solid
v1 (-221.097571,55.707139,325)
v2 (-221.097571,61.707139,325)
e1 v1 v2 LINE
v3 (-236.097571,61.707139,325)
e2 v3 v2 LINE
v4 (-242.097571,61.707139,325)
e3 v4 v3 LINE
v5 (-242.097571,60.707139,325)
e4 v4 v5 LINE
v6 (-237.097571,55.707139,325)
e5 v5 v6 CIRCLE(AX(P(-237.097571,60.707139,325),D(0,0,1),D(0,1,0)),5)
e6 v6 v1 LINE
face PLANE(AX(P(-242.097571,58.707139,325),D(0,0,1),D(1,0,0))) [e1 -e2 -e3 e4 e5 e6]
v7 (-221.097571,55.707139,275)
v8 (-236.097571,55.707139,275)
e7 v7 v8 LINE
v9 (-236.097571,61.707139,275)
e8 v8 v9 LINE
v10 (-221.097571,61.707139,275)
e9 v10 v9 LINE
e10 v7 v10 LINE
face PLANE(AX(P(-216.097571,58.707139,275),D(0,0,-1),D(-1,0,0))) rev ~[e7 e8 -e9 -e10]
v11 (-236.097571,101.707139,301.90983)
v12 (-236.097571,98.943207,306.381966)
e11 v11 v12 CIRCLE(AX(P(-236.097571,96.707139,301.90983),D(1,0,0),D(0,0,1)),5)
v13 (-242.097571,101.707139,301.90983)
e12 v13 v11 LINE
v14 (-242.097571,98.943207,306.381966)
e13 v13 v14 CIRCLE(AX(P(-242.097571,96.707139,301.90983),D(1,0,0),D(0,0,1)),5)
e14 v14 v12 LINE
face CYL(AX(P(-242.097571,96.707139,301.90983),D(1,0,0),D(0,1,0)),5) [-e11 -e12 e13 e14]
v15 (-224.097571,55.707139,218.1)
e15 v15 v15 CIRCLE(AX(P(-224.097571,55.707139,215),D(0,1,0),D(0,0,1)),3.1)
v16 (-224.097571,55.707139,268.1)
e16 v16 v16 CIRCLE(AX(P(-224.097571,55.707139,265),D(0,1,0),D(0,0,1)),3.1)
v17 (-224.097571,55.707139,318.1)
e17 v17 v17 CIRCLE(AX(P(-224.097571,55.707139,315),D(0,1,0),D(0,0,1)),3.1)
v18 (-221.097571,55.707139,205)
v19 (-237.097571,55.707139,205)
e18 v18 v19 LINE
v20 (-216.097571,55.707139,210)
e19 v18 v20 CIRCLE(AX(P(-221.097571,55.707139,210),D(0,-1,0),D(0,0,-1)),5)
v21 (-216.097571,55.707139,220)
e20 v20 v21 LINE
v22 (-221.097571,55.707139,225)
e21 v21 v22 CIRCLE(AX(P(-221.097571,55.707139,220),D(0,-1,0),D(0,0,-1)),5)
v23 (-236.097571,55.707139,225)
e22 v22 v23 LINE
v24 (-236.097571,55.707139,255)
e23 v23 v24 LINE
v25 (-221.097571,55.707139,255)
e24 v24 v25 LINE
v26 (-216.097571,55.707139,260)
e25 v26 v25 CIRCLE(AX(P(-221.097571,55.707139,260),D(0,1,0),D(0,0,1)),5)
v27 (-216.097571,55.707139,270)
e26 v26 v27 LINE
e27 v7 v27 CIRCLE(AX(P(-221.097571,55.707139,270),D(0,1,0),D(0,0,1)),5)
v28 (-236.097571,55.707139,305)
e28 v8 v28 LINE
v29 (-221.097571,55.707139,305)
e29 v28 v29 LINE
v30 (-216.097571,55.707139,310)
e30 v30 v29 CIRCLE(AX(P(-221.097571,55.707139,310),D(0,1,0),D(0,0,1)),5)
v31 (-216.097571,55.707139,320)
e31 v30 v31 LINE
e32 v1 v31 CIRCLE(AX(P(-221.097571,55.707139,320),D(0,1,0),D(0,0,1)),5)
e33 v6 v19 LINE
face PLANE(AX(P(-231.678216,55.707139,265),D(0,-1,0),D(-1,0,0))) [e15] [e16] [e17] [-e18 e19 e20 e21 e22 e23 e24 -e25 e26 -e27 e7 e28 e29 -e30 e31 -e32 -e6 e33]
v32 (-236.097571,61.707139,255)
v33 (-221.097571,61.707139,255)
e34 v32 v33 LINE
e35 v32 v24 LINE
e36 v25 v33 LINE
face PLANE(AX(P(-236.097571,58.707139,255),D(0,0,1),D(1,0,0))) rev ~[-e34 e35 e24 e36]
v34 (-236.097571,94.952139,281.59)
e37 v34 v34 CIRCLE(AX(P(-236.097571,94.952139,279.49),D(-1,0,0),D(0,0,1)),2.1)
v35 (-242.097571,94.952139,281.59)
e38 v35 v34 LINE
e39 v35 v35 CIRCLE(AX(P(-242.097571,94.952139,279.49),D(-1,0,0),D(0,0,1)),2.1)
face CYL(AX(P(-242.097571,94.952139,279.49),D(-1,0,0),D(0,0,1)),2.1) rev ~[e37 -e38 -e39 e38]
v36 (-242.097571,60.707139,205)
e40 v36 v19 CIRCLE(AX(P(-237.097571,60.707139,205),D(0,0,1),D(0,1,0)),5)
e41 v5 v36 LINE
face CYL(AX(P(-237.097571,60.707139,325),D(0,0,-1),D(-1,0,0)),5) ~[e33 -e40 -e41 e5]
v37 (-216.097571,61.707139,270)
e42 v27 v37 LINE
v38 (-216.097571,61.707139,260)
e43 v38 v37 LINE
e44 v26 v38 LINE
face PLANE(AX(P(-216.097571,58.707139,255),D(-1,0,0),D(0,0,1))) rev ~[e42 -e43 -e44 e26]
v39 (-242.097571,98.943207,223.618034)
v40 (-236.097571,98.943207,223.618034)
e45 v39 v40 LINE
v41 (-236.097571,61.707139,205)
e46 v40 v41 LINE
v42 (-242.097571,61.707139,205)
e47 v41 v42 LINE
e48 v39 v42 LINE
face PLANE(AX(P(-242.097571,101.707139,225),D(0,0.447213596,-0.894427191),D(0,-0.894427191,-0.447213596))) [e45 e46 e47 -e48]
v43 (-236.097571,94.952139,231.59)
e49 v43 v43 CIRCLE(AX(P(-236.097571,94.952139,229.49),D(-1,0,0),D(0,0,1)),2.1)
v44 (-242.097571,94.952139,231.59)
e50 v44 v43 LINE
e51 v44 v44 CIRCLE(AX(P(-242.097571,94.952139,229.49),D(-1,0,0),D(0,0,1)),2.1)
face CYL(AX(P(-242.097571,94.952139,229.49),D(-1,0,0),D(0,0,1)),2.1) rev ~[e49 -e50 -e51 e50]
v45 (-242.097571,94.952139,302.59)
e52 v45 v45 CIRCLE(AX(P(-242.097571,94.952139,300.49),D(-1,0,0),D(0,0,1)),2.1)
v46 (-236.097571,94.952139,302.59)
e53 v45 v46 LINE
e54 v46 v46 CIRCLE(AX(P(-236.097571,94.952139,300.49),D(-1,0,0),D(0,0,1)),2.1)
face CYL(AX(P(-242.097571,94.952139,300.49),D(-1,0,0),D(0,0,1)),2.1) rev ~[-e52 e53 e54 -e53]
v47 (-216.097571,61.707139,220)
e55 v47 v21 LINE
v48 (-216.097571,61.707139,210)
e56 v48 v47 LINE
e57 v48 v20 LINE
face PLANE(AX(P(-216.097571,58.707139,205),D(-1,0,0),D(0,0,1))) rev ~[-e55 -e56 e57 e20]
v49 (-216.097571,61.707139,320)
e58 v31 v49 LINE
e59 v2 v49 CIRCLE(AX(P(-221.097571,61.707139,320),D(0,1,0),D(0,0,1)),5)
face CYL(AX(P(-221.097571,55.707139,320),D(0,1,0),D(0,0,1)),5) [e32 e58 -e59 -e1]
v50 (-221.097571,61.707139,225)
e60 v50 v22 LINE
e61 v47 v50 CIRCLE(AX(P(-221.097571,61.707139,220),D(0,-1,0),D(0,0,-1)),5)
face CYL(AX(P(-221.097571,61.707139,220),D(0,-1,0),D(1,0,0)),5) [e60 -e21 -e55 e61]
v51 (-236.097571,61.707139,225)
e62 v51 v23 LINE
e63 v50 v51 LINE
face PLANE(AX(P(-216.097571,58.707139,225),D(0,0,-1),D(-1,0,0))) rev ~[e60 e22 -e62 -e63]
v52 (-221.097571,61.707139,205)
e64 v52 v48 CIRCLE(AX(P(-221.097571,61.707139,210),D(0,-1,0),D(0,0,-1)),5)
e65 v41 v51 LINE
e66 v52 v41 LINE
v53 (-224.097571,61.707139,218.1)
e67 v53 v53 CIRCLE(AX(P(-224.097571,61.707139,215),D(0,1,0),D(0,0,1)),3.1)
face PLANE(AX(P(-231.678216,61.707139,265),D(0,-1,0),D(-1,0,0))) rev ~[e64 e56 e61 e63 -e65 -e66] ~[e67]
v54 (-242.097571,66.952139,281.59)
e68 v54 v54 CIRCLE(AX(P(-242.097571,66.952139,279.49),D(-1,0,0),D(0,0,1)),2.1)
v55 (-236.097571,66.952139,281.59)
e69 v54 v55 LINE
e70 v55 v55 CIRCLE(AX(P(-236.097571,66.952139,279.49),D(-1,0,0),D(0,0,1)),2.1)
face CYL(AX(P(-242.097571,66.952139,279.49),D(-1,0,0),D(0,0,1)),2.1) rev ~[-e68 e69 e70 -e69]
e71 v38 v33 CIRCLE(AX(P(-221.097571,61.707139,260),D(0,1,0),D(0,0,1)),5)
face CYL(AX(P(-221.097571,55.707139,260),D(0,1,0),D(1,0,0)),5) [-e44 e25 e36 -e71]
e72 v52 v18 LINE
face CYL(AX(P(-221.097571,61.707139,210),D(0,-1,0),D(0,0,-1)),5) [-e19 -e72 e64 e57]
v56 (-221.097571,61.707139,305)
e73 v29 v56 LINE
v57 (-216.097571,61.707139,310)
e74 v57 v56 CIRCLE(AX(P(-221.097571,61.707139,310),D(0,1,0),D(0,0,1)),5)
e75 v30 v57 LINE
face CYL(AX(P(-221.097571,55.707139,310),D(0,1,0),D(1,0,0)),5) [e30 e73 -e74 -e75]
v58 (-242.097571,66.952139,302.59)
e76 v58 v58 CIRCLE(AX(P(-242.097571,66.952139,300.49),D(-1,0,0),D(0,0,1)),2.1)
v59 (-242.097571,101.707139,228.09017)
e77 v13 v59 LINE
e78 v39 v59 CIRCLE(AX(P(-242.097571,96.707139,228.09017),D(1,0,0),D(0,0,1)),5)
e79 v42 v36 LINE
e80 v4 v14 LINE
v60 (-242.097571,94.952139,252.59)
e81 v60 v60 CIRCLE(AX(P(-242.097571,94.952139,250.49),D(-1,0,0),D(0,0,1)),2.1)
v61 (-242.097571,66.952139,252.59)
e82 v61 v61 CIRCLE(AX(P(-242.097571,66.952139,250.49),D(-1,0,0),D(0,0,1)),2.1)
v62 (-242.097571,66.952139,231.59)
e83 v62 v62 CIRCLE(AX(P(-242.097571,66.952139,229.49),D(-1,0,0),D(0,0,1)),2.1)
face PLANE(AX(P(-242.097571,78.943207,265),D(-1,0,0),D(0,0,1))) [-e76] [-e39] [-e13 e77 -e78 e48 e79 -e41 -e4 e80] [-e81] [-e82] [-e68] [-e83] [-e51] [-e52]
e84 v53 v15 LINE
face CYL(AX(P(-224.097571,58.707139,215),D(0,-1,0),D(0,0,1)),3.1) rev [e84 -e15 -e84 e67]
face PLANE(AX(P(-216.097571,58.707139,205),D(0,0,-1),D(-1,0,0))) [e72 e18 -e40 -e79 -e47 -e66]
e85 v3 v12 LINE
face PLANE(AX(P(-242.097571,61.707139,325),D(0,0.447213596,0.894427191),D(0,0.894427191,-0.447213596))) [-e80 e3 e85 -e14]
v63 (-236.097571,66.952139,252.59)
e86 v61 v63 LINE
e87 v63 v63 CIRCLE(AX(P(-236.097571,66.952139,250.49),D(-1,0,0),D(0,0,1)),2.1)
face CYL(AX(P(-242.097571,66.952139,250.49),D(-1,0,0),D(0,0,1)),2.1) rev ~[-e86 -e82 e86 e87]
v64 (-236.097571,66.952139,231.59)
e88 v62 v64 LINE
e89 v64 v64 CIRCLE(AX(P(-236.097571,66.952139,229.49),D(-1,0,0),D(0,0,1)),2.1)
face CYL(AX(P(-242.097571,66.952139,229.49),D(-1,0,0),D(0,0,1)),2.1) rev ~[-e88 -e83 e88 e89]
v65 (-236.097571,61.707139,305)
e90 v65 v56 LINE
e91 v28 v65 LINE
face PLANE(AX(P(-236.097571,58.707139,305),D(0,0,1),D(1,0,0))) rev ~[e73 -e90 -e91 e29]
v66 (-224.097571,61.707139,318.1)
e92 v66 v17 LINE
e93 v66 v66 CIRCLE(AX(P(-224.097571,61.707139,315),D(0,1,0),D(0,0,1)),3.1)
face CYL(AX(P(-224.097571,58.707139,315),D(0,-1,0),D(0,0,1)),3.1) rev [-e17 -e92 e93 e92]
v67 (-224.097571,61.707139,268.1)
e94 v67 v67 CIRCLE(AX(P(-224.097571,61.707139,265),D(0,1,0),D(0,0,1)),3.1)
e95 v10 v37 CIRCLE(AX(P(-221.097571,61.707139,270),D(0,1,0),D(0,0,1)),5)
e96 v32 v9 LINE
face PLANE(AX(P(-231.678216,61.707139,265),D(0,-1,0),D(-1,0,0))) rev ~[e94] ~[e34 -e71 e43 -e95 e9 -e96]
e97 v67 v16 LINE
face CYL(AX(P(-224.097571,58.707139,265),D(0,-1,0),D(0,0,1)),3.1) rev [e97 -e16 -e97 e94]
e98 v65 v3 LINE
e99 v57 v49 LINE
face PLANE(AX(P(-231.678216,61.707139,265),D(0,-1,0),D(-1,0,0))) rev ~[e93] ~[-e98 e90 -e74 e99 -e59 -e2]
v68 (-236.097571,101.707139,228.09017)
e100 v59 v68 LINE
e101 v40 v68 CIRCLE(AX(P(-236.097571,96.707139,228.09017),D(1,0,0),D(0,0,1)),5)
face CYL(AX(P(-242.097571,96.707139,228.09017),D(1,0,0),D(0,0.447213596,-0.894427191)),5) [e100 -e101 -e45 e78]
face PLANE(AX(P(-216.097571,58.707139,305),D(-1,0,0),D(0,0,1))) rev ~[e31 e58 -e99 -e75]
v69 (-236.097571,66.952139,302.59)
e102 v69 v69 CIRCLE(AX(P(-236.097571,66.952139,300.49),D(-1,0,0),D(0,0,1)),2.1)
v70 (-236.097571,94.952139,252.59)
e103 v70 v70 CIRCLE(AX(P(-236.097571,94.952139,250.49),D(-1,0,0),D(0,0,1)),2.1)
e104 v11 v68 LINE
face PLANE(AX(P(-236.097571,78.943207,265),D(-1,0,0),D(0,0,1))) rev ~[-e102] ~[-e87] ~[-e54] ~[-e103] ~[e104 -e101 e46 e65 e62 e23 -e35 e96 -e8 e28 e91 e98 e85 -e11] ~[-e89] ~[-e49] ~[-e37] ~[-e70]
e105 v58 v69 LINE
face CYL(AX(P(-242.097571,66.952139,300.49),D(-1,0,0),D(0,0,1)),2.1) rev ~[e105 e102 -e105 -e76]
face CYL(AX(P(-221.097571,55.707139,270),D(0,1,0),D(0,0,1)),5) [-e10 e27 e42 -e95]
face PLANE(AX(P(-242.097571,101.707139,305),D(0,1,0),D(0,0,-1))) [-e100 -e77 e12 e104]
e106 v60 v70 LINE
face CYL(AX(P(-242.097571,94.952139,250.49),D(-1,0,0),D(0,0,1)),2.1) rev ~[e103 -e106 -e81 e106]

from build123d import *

# Parameters (mm, degrees)
CROQUIS2_R              = 3.1
SALIENTE_EXTRUIR1_DEPTH = 3
CROQUIS4_R              = 2.1
SALIENTE_EXTRUIR2_DEPTH = 6
REDONDEO1_R             = 5


with BuildPart() as part:
    # Croquis2 → Saliente-Extruir1 (new, symmetric)
    with BuildSketch(Plane(origin=(0, 58.707138557, 0), x_dir=(1, 0, 0), z_dir=(0, 1, 0))):
        Polygon((-236.097571291, -325), (-242.097571291, -325), (-242.097571291, -205), (-236.097571291, -205), (-216.097571291, -205), (-216.097571291, -225), (-236.097571291, -225), (-236.097571291, -255), (-216.097571291, -255), (-216.097571291, -275), (-236.097571291, -275), (-236.097571291, -305), (-216.097571291, -305), (-216.097571291, -325), align=None)
        with Locations(Location((-224.097571291, -215, 0), (0, 0, 270))):
            Circle(CROQUIS2_R, mode=Mode.SUBTRACT)
        with Locations(Location((-224.097571291, -265, 0), (0, 0, 270))):
            Circle(CROQUIS2_R, mode=Mode.SUBTRACT)
        with Locations(Location((-224.097571291, -315, 0), (0, 0, 270))):
            Circle(CROQUIS2_R, mode=Mode.SUBTRACT)
    extrude(amount=SALIENTE_EXTRUIR1_DEPTH, both=True)

    # Croquis4 → Saliente-Extruir2 (add)
    with BuildSketch(Plane.ZY.offset(242.097571291)):
        Polygon((205, 61.707138557), (325, 61.707138557), (305, 101.707138557), (225, 101.707138557), align=None)
        with Locations((250.49, 66.952138557)):
            Circle(CROQUIS4_R, mode=Mode.SUBTRACT)
        with Locations((229.49, 66.952138557)):
            Circle(CROQUIS4_R, mode=Mode.SUBTRACT)
        with Locations((279.49, 66.952138557)):
            Circle(CROQUIS4_R, mode=Mode.SUBTRACT)
        with Locations((300.49, 66.952138557)):
            Circle(CROQUIS4_R, mode=Mode.SUBTRACT)
        with Locations((279.49, 94.952138557)):
            Circle(CROQUIS4_R, mode=Mode.SUBTRACT)
        with Locations((300.49, 94.952138557)):
            Circle(CROQUIS4_R, mode=Mode.SUBTRACT)
        with Locations((229.49, 94.952138557)):
            Circle(CROQUIS4_R, mode=Mode.SUBTRACT)
        with Locations((250.49, 94.952138557)):
            Circle(CROQUIS4_R, mode=Mode.SUBTRACT)
    extrude(amount=-SALIENTE_EXTRUIR2_DEPTH)

    # Redondeo1
    redondeo1_edges = [part.edges().sort_by_distance(p)[0] for p in [
        (-242.097571291, 55.707138557, 265),
        (-216.097571291, 58.707138557, 205),
        (-216.097571291, 58.707138557, 225),
        (-216.097571291, 58.707138557, 255),
        (-216.097571291, 58.707138557, 275),
        (-216.097571291, 58.707138557, 305),
        (-216.097571291, 58.707138557, 325),
        (-239.097571291, 101.707138557, 305),
        (-239.097571291, 101.707138557, 225),
    ]]
    fillet(redondeo1_edges, radius=REDONDEO1_R)


solid = part.part
